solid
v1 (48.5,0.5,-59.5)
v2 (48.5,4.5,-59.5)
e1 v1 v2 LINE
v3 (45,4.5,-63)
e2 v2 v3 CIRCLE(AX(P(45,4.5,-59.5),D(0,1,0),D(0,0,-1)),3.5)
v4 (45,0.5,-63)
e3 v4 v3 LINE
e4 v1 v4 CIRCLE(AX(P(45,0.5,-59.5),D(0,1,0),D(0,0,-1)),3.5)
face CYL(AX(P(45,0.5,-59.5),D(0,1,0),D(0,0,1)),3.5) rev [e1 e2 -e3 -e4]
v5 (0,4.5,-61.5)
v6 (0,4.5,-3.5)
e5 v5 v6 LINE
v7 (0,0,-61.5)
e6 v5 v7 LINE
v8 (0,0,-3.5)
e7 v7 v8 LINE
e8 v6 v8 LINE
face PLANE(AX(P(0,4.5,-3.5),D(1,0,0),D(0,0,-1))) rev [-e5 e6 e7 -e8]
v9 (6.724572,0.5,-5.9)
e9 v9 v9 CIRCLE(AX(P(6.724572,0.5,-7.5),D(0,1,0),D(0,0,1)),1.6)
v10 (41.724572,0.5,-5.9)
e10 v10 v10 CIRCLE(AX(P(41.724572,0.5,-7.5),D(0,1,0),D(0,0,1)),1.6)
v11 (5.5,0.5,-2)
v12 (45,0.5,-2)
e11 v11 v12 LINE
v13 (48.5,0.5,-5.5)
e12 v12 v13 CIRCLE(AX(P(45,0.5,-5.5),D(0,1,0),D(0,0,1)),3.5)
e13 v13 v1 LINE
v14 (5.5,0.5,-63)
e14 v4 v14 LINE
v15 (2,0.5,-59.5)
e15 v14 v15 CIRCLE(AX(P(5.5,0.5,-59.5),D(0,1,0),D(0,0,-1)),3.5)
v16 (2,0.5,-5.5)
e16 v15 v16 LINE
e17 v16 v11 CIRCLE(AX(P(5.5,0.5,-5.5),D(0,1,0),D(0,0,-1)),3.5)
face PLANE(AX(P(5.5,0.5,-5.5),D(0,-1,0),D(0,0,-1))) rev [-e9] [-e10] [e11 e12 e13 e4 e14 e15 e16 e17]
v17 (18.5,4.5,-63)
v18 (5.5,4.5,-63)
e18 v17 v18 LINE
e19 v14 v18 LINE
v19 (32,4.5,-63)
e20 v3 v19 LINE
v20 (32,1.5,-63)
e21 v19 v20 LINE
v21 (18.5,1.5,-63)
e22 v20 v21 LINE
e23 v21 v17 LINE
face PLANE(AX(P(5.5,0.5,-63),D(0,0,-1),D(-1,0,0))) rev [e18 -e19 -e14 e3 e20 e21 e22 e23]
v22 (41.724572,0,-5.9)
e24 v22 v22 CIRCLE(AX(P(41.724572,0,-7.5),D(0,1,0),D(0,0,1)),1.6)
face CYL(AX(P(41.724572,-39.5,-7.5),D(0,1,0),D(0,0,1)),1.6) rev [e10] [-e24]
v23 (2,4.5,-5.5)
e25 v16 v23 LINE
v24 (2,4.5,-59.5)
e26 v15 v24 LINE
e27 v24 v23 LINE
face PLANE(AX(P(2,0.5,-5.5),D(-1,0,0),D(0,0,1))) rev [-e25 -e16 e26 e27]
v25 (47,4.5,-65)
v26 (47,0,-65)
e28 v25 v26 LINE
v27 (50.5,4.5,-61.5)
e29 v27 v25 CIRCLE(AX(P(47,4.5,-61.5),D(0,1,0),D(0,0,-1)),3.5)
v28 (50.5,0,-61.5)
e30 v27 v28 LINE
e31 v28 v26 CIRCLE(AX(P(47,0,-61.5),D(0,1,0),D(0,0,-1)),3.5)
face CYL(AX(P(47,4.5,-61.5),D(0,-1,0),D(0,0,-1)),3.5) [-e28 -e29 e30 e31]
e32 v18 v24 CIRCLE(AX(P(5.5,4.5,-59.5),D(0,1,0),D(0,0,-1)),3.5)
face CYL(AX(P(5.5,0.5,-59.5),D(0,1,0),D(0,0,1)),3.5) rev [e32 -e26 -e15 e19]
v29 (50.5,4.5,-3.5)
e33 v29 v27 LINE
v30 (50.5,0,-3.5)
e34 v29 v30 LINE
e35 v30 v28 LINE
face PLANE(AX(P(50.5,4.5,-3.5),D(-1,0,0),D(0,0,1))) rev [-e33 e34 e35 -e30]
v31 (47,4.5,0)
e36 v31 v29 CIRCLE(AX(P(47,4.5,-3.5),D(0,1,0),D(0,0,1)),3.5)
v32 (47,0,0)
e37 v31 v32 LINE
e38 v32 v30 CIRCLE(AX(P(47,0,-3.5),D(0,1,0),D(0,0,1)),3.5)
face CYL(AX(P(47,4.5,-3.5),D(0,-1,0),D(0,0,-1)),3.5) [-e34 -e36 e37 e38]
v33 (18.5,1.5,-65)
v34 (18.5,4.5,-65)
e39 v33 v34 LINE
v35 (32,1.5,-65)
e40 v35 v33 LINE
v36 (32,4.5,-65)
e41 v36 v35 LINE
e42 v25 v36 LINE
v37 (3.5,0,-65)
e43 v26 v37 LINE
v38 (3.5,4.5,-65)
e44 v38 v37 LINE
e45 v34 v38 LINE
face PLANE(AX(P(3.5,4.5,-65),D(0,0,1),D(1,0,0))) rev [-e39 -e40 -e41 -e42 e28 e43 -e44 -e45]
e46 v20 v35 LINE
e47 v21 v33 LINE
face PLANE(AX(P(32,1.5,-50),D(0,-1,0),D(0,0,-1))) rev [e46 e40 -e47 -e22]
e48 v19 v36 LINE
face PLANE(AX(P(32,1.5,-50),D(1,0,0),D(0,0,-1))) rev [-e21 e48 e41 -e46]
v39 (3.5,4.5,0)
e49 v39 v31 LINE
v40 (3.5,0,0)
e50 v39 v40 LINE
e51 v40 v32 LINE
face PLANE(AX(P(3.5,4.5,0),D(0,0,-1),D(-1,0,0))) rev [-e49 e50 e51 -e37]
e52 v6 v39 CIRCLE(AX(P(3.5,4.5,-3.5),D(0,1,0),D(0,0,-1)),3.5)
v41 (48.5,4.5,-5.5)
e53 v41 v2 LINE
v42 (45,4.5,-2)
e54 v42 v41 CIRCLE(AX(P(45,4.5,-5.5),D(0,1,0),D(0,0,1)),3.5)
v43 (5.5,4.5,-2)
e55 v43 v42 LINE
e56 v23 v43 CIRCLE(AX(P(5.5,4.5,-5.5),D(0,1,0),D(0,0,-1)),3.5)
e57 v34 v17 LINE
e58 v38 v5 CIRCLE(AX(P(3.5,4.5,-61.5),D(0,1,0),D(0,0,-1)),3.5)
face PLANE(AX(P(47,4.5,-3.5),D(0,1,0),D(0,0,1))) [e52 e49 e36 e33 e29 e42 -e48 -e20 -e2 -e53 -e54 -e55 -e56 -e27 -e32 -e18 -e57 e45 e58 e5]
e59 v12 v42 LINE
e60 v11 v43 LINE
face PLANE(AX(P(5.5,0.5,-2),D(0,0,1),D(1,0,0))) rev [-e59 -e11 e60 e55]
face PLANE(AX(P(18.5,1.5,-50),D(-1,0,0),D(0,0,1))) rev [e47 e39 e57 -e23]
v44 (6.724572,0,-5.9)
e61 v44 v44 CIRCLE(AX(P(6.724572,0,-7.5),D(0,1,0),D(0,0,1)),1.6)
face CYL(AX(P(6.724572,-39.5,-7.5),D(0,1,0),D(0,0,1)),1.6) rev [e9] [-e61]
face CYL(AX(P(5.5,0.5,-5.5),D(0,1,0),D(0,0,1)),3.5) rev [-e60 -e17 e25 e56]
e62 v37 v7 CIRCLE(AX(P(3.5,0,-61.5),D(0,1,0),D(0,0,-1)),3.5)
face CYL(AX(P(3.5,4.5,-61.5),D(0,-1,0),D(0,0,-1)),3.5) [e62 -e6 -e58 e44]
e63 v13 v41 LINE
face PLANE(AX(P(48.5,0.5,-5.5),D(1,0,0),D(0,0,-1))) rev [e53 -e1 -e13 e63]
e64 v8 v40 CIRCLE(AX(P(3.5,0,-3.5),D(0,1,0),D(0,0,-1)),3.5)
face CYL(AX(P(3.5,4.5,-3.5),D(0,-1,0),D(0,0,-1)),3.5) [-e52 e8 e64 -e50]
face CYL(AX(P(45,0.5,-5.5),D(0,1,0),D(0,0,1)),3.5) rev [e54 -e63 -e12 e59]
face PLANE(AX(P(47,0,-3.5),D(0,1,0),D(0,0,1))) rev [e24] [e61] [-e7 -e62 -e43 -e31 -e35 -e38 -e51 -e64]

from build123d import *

# Parameters (mm, degrees)
BOSS_EXTRUDE1_DEPTH = 4.5
CUT_EXTRUDE1_DEPTH  = 4
SKETCH3_W           = 13.5
SKETCH3_H           = 6
CUT_EXTRUDE3_DEPTH  = 15
SKETCH4_R           = 1.6
CUT_EXTRUDE4_DEPTH  = 40


with BuildPart() as part:
    # Sketch1 → Boss-Extrude1 (new body)
    with BuildSketch(Plane(origin=(0, 0, 0), x_dir=(1, 0, 0), z_dir=(0, 1, 0))):
        with BuildLine():
            Line((3.5, 0), (47, 0))
            ThreePointArc((47, 0), (49.474873734, 1.025126266), (50.5, 3.5))
            Line((50.5, 3.5), (50.5, 61.5))
            ThreePointArc((50.5, 61.5), (49.474873734, 63.974873734), (47, 65))
            Line((47, 65), (3.5, 65))
            ThreePointArc((3.5, 65), (1.025126266, 63.974873734), (0, 61.5))
            Line((0, 61.5), (0, 3.5))
            ThreePointArc((0, 3.5), (1.025126266, 1.025126266), (3.5, 0))
        make_face()
    extrude(amount=BOSS_EXTRUDE1_DEPTH)

    # Sketch2 → Cut-Extrude1 (cut)
    with BuildSketch(Plane(origin=(0, 4.5, 0), x_dir=(1, 0, 0), z_dir=(0, 1, 0))):
        with BuildLine():
            Line((5.5, 2), (45, 2))
            ThreePointArc((45, 2), (47.474873734, 3.025126266), (48.5, 5.5))
            Line((48.5, 5.5), (48.5, 59.5))
            ThreePointArc((48.5, 59.5), (47.474873734, 61.974873734), (45, 63))
            Line((45, 63), (5.5, 63))
            ThreePointArc((5.5, 63), (3.025126266, 61.974873734), (2, 59.5))
            Line((2, 59.5), (2, 5.5))
            ThreePointArc((2, 5.5), (3.025126266, 3.025126266), (5.5, 2))
        make_face()
    extrude(amount=-CUT_EXTRUDE1_DEPTH, mode=Mode.SUBTRACT)

    # Sketch3 → Cut-Extrude3 (cut)
    with BuildSketch(Plane(origin=(0, 0, -65), x_dir=(-1, 0, 0), z_dir=(0, 0, -1))):
        with Locations((-25.25, 4.5)):
            Rectangle(SKETCH3_W, SKETCH3_H)
    extrude(amount=-CUT_EXTRUDE3_DEPTH, mode=Mode.SUBTRACT)

    # Sketch4 → Cut-Extrude4 (cut)
    with BuildSketch(Plane(origin=(0, 0.5, 0), x_dir=(1, 0, 0), z_dir=(0, 1, 0))):
        with Locations(Location((6.724572176, 7.5, 0), (0, 0, 270))):
            Circle(SKETCH4_R)
        with Locations(Location((41.724572176, 7.5, 0), (0, 0, 270))):
            Circle(SKETCH4_R)
    extrude(amount=-CUT_EXTRUDE4_DEPTH, mode=Mode.SUBTRACT)


solid = part.part
